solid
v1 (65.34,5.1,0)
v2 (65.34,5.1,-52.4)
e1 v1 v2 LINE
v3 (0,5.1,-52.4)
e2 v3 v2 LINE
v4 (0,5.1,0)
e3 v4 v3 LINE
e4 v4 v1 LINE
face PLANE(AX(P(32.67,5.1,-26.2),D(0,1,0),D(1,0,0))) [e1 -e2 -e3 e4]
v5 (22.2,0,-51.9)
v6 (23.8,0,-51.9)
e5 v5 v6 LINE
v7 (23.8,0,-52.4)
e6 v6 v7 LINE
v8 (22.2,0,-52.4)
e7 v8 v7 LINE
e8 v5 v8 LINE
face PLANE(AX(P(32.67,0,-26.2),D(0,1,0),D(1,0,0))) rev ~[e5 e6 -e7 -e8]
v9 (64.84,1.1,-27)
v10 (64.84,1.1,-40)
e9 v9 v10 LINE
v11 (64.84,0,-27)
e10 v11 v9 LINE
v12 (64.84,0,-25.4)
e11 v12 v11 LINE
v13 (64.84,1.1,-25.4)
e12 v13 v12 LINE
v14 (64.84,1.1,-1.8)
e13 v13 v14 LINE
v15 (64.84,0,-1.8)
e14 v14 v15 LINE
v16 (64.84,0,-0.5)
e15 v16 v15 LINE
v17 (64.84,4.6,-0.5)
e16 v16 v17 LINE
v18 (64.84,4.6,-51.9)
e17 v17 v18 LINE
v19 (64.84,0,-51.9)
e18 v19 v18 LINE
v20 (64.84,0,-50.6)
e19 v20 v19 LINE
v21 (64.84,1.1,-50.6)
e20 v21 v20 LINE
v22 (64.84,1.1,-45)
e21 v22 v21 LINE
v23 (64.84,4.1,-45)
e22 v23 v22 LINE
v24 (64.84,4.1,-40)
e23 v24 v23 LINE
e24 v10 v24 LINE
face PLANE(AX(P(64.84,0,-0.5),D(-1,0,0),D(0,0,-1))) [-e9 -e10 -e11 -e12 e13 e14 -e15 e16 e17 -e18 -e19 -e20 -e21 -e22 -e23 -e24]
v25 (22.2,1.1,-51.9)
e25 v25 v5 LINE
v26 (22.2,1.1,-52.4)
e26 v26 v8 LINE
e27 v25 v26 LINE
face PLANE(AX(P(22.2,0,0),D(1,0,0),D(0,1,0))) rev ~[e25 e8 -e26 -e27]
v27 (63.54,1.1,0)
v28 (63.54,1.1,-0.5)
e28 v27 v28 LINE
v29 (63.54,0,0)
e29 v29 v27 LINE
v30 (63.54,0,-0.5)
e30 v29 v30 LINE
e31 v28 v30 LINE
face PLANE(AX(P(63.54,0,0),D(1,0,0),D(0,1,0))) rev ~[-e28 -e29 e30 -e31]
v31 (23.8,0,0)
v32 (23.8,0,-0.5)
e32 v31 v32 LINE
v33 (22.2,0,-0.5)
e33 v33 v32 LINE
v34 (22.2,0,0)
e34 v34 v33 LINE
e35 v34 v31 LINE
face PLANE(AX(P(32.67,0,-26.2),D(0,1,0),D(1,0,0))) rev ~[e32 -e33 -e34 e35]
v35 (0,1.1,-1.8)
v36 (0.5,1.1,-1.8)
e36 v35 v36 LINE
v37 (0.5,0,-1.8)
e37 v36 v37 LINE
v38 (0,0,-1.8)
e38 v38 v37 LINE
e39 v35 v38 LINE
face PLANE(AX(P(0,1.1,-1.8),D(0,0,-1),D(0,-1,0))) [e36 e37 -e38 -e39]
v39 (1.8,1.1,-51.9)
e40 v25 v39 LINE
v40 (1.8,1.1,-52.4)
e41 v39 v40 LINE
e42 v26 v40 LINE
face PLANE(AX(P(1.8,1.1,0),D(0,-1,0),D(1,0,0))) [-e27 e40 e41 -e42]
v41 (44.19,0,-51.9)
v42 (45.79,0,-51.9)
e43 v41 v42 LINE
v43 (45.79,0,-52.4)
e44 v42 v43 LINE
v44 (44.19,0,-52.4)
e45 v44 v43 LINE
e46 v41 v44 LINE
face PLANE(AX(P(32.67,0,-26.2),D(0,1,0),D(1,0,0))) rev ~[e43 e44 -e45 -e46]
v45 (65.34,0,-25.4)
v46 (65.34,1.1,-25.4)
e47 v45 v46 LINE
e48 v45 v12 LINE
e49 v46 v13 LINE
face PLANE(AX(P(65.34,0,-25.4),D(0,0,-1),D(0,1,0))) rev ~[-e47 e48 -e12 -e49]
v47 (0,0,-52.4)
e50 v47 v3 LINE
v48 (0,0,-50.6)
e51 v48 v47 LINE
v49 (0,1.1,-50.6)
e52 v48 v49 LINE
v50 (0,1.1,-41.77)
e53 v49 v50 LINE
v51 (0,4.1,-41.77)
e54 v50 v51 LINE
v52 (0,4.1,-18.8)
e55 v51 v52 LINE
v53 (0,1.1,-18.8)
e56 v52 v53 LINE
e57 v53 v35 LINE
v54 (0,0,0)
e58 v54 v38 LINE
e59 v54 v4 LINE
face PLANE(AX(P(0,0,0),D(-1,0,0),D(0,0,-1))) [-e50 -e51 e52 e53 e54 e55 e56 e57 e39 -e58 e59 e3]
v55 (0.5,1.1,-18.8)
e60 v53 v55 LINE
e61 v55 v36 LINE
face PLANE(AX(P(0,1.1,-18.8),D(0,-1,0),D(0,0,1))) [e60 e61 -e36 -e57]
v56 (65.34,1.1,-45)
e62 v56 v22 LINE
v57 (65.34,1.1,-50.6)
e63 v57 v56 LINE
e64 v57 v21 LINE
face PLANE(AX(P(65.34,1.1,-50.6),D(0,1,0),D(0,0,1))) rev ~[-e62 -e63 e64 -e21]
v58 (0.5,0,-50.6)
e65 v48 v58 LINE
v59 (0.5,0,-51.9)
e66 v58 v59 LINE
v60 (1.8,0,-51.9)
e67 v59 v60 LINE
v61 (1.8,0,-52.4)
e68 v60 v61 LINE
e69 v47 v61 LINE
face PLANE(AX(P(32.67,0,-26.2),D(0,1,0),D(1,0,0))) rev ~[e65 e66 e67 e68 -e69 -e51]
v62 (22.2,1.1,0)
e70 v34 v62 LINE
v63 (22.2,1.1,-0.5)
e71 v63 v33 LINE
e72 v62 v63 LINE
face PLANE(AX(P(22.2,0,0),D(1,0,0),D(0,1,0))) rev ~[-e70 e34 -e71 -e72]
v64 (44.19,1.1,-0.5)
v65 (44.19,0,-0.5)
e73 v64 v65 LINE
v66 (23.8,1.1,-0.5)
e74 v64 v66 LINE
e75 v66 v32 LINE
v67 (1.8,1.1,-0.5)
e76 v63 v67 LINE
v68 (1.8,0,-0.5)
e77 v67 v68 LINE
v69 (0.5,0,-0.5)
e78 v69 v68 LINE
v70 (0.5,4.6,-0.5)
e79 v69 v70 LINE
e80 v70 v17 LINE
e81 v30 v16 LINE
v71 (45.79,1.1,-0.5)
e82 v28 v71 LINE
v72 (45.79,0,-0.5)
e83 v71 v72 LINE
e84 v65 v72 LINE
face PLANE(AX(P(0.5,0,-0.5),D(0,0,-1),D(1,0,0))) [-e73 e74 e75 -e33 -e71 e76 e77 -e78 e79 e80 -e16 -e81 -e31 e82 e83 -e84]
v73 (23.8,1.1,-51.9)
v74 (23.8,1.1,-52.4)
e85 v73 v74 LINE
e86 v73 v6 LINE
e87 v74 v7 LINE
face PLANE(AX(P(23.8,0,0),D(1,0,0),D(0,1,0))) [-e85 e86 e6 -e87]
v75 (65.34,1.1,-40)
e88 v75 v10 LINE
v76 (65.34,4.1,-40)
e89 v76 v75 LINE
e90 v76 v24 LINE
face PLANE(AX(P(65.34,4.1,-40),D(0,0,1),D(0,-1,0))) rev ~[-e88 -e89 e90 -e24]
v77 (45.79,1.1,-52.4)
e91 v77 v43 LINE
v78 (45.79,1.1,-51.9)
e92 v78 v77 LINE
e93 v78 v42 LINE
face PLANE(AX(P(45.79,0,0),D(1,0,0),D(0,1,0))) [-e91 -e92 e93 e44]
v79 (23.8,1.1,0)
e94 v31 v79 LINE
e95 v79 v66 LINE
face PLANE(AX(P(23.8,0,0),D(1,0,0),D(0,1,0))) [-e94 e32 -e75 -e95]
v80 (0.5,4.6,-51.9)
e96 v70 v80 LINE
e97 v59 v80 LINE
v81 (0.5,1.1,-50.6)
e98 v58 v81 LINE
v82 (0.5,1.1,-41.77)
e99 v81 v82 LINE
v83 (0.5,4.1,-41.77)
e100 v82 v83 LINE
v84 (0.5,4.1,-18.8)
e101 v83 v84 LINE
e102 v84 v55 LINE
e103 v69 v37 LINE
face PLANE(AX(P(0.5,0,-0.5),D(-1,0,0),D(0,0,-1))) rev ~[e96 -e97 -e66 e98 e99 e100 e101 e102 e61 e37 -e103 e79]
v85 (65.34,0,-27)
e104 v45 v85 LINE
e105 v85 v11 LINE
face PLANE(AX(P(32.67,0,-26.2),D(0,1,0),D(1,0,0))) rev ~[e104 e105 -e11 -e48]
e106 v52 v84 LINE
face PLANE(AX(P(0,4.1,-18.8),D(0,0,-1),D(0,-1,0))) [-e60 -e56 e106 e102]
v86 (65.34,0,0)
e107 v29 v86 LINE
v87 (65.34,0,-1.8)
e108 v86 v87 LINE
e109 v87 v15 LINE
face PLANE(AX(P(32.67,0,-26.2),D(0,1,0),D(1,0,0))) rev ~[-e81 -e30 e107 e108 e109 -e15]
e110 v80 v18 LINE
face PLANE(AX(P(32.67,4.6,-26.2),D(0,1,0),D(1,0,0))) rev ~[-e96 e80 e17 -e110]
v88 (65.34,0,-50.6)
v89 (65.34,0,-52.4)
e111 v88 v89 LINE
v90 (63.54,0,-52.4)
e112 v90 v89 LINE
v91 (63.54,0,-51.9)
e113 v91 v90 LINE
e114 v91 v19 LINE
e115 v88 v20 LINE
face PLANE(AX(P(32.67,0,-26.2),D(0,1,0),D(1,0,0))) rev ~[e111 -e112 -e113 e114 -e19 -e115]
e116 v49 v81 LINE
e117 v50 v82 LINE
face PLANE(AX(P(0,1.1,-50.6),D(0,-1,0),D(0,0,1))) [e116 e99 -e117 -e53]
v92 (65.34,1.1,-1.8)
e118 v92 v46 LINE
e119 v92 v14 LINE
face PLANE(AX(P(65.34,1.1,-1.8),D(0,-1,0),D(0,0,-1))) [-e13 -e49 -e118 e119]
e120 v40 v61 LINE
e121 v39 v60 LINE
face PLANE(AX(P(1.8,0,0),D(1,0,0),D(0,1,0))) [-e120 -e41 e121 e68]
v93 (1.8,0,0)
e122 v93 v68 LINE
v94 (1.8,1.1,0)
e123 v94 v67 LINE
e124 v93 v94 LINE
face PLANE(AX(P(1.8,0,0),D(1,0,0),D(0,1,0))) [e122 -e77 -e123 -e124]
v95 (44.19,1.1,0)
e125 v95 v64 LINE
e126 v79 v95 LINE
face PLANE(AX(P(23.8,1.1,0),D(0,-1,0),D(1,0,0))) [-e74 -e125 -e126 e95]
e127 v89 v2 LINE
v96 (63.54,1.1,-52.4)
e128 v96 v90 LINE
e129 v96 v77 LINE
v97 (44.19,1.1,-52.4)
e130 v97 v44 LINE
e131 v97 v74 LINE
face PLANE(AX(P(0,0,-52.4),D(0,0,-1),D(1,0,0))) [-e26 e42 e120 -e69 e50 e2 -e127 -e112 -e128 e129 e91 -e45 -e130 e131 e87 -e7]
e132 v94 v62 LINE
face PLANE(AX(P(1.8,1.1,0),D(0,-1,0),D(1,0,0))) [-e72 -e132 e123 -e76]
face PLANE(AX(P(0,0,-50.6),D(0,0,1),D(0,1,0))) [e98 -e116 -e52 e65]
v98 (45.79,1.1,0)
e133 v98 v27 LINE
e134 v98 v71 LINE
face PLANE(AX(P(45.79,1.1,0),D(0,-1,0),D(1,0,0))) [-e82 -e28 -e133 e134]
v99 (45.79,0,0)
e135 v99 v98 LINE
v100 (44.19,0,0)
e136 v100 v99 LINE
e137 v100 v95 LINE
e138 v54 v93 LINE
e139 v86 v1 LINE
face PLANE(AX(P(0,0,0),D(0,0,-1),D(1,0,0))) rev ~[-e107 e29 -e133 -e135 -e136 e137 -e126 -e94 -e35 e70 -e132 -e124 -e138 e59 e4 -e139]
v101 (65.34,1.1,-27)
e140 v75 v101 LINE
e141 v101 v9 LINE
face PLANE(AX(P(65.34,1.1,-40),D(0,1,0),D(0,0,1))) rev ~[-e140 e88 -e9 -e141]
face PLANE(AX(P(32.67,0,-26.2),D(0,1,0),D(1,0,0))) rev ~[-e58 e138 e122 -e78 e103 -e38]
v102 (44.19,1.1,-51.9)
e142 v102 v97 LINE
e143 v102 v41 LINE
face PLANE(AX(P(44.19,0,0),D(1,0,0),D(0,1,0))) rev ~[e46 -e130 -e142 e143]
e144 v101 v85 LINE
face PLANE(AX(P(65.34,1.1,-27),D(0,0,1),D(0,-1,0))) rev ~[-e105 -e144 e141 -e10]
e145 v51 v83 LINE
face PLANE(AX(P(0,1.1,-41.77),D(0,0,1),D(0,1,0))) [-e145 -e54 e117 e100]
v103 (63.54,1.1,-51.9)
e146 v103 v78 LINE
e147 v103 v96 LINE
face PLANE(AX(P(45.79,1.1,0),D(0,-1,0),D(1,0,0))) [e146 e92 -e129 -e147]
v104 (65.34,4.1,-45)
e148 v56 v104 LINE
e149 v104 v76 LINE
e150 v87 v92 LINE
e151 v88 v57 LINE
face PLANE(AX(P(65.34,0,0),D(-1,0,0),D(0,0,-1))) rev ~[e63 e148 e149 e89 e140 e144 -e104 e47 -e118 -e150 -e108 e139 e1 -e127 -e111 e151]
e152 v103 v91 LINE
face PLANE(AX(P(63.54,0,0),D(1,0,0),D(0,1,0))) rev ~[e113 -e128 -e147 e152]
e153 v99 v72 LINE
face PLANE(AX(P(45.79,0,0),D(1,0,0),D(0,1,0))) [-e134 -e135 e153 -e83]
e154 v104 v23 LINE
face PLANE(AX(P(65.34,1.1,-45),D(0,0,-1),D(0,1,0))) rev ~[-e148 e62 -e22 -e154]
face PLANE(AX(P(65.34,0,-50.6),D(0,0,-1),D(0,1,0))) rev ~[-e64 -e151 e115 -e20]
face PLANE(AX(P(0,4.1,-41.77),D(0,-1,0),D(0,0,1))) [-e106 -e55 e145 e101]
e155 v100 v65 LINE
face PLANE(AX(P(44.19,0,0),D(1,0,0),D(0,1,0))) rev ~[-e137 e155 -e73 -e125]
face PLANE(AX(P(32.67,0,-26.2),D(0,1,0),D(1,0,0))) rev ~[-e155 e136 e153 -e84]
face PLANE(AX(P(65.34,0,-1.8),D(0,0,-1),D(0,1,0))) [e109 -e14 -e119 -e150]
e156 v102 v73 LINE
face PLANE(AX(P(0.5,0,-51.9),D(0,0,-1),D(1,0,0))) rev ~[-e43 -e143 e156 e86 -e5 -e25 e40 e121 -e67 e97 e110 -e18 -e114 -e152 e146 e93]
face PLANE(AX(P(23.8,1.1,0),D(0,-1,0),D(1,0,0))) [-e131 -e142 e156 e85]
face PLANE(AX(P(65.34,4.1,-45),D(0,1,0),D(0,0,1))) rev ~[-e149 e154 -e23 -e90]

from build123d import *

# Parameters (mm, degrees)
SKETCH_1_W          = 65.34
SKETCH_1_H          = 52.4
EXTRUDE_2_DEPTH     = 5.1
SKETCH_1_5_W        = 64.34
SKETCH_1_5_H        = 51.4
CUT_EXTRUDE_2_DEPTH = 4.6
SKETCH_2_W          = 20.4
SKETCH_2_H          = 1.1
SKETCH_2_W_2        = 20.39
SKETCH_2_W_3        = 17.75
CUT_EXTRUDE_3_DEPTH = 56.4
SKETCH_9_W          = 23.6
SKETCH_9_H          = 1.1
CUT_EXTRUDE_4_DEPTH = 4.9
CUT_EXTRUDE_6_DEPTH = 4.9


with BuildPart() as part:
    # 草图1 → 凸台-拉伸2 (new body)
    with BuildSketch(Plane(origin=(0, 0, 0), x_dir=(1, 0, 0), z_dir=(0, 1, 0))):
        with Locations((32.67, 26.2)):
            Rectangle(SKETCH_1_W, SKETCH_1_H)
    extrude(amount=EXTRUDE_2_DEPTH)

    # 草图1<5> → 切除-拉伸2 (cut)
    with BuildSketch(Plane(origin=(0, 0, 0), x_dir=(1, 0, 0), z_dir=(0, 1, 0))):
        with Locations((32.67, 26.2)):
            Rectangle(SKETCH_1_5_W, SKETCH_1_5_H)
    extrude(amount=CUT_EXTRUDE_2_DEPTH, mode=Mode.SUBTRACT)

    # 草图2 → 切除-拉伸3 (cut)
    with BuildSketch(Plane.XY):
        with Locations((12, 0.55)):
            Rectangle(SKETCH_2_W, SKETCH_2_H)
        with Locations((33.995, 0.55)):
            Rectangle(SKETCH_2_W_2, SKETCH_2_H)
        with Locations((54.665, 0.55)):
            Rectangle(SKETCH_2_W_3, SKETCH_2_H)
    extrude(amount=-CUT_EXTRUDE_3_DEPTH, mode=Mode.SUBTRACT)

    # 草图9 → 切除-拉伸4 (cut)
    with BuildSketch(Plane(origin=(65.34, 0, 0), x_dir=(0, 0, -1), z_dir=(1, 0, 0))):
        with Locations((13.6, 0.55)):
            Rectangle(SKETCH_9_W, SKETCH_9_H)
        Polygon((27, 0), (50.6, 0), (50.6, 1.1), (45, 1.1), (45, 4.1), (40, 4.1), (40, 1.1), (27, 1.1), align=None)
    extrude(amount=-CUT_EXTRUDE_4_DEPTH, mode=Mode.SUBTRACT)

    # 草图13 → 切除-拉伸6 (cut)
    with BuildSketch(Plane.ZY):
        Polygon((-50.6, 0), (-50.6, 1.1), (-41.77, 1.1), (-41.77, 4.1), (-18.8, 4.1), (-18.8, 1.1), (-1.8, 1.1), (-1.8, 0), align=None)
    extrude(amount=-CUT_EXTRUDE_6_DEPTH, mode=Mode.SUBTRACT)


solid = part.part
